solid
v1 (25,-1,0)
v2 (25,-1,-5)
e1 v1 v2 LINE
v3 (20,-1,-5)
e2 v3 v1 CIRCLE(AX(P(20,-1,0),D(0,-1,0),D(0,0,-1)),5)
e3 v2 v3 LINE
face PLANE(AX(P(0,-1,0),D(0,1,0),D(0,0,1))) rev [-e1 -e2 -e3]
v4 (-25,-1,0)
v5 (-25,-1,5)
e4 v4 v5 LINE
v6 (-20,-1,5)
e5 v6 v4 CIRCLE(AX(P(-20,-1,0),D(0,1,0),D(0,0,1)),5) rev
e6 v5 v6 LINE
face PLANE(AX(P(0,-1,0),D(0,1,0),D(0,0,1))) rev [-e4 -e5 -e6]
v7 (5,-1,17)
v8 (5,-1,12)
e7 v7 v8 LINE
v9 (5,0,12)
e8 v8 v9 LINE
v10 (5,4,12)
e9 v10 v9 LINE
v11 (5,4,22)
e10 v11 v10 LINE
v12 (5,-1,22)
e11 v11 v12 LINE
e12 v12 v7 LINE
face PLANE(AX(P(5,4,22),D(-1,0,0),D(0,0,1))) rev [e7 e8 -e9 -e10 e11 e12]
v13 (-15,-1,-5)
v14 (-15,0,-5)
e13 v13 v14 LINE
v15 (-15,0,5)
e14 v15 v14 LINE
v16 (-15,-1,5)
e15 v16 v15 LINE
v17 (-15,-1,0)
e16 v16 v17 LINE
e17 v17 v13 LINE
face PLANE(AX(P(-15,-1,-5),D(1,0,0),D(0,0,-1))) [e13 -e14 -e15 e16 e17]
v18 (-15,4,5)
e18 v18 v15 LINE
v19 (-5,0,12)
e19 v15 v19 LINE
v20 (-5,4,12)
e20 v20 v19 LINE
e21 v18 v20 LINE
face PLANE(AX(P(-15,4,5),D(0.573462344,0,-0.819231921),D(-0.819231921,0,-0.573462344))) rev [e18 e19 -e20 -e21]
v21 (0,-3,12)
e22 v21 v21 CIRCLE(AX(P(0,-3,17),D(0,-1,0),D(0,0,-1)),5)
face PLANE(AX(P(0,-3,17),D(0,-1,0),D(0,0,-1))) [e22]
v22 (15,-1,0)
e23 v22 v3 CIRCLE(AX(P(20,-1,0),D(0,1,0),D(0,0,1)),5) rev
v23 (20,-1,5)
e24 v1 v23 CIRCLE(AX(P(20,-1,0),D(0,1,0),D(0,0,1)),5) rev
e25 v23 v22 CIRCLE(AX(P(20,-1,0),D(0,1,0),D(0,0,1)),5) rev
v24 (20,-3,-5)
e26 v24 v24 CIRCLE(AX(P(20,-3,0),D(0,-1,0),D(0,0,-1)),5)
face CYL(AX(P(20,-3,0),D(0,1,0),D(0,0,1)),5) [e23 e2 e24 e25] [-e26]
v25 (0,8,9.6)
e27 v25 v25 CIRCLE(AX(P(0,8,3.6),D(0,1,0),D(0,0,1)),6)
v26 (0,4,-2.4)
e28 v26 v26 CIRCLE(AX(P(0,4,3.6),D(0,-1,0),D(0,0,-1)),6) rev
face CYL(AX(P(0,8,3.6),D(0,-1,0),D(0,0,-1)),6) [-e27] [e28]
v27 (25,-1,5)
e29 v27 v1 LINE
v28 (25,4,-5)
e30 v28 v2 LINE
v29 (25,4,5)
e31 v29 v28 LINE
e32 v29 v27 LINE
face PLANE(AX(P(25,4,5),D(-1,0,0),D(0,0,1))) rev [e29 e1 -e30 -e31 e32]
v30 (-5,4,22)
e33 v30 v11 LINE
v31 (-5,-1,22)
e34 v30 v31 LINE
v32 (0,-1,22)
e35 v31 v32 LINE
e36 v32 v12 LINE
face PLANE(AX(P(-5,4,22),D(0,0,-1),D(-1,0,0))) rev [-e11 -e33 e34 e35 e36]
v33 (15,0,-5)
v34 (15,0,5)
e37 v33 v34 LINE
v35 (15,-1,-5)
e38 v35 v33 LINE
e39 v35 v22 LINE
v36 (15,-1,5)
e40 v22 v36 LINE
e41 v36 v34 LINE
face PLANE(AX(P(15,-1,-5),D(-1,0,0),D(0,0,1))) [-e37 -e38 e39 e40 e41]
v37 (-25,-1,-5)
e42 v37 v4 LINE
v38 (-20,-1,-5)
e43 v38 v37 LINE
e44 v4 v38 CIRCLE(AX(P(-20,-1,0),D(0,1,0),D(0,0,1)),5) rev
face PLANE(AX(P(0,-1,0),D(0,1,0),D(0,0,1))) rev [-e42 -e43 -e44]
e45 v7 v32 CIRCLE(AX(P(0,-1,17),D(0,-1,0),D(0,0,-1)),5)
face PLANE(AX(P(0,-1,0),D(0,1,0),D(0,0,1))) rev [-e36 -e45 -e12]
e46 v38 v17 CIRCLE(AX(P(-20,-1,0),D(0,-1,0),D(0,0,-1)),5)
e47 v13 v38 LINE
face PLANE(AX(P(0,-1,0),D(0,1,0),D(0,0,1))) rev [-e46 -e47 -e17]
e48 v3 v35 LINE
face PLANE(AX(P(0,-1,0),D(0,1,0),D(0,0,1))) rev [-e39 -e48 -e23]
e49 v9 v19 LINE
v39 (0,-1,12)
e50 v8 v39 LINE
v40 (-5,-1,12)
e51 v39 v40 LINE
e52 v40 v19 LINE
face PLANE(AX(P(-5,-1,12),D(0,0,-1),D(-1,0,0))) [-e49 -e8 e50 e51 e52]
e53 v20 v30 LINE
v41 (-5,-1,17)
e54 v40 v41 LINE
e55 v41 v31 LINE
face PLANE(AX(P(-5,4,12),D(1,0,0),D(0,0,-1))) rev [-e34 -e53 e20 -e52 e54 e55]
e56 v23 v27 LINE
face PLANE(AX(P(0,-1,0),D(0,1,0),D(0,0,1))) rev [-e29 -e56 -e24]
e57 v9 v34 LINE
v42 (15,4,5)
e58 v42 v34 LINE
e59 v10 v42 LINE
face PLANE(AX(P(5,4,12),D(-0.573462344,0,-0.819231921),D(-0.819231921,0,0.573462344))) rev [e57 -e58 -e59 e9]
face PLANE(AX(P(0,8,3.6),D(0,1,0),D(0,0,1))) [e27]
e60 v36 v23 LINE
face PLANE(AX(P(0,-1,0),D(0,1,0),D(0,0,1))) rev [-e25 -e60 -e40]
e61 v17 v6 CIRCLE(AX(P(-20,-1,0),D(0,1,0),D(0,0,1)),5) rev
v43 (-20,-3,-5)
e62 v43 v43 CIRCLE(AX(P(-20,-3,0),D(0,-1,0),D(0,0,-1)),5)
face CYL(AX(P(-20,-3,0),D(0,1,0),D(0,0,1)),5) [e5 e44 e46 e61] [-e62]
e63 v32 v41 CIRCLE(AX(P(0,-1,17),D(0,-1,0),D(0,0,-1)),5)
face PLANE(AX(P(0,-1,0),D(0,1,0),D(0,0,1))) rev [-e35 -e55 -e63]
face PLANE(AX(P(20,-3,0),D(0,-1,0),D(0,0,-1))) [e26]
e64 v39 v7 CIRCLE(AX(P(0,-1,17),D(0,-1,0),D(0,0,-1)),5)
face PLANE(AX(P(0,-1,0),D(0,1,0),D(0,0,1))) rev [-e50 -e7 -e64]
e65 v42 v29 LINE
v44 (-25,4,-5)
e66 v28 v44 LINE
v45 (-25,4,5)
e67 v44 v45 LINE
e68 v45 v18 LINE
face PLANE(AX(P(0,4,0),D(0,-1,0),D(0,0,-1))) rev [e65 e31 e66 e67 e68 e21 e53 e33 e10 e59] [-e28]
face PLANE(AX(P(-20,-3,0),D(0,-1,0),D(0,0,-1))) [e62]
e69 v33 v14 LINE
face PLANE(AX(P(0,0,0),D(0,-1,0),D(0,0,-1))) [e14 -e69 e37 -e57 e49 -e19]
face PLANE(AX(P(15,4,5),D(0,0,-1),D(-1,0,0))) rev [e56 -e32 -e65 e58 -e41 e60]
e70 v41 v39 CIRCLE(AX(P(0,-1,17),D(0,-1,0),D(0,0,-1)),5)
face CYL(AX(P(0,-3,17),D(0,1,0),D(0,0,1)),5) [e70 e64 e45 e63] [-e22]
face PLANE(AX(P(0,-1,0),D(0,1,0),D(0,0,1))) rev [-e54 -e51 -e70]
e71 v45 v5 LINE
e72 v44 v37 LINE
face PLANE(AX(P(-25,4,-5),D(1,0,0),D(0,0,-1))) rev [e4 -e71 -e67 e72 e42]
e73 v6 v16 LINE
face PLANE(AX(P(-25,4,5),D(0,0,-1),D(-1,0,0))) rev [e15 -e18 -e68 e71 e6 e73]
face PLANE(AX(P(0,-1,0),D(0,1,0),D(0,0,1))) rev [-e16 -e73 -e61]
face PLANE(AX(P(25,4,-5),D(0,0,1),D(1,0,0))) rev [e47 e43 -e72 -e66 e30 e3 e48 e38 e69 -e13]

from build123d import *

# Parameters (mm, degrees)
EXTRUDE_1_DEPTH = 4
SKETCH_1_W      = 10
SKETCH_1_H      = 10
EXTRUDE_2_DEPTH = 1
SKETCH_5_R      = 6
EXTRUDE_3_DEPTH = 4
SKETCH_6_R      = 5
EXTRUDE_4_DEPTH = 2


with BuildPart() as part:
    # 草图2 → 凸台-拉伸1 (new body)
    with BuildSketch(Plane(origin=(0, 0, 0), x_dir=(1, 0, 0), z_dir=(0, 1, 0))):
        Polygon((-5, -22), (5, -22), (5, -12), (15, -5), (25, -5), (25, 5), (-25, 5), (-25, -5), (-15, -5), (-5, -12), align=None)
    extrude(amount=EXTRUDE_1_DEPTH)

    # 草图1 → 凸台-拉伸2 (add)
    with BuildSketch(Plane(origin=(0, 0, 0), x_dir=(1, 0, 0), z_dir=(0, 1, 0))):
        with Locations((-20, 0)):
            Rectangle(SKETCH_1_W, SKETCH_1_H)
        with Locations((20, 0)):
            Rectangle(SKETCH_1_W, SKETCH_1_H)
        with Locations((0, -17)):
            Rectangle(SKETCH_1_W, SKETCH_1_H)
    extrude(amount=-EXTRUDE_2_DEPTH)

    # 草图5 → 凸台-拉伸3 (add)
    with BuildSketch(Plane(origin=(0, 4, 0), x_dir=(1, 0, 0), z_dir=(0, 1, 0))):
        with Locations((0, -3.6)):
            Circle(SKETCH_5_R)
    extrude(amount=EXTRUDE_3_DEPTH)

    # 草图6 → 凸台-拉伸4 (add)
    with BuildSketch(Plane.XZ.offset(1)):
        with Locations((0, 17)):
            Circle(SKETCH_6_R)
        with Locations((20, 0)):
            Circle(SKETCH_6_R)
        with Locations((-20, 0)):
            Circle(SKETCH_6_R)
    extrude(amount=EXTRUDE_4_DEPTH)


solid = part.part
